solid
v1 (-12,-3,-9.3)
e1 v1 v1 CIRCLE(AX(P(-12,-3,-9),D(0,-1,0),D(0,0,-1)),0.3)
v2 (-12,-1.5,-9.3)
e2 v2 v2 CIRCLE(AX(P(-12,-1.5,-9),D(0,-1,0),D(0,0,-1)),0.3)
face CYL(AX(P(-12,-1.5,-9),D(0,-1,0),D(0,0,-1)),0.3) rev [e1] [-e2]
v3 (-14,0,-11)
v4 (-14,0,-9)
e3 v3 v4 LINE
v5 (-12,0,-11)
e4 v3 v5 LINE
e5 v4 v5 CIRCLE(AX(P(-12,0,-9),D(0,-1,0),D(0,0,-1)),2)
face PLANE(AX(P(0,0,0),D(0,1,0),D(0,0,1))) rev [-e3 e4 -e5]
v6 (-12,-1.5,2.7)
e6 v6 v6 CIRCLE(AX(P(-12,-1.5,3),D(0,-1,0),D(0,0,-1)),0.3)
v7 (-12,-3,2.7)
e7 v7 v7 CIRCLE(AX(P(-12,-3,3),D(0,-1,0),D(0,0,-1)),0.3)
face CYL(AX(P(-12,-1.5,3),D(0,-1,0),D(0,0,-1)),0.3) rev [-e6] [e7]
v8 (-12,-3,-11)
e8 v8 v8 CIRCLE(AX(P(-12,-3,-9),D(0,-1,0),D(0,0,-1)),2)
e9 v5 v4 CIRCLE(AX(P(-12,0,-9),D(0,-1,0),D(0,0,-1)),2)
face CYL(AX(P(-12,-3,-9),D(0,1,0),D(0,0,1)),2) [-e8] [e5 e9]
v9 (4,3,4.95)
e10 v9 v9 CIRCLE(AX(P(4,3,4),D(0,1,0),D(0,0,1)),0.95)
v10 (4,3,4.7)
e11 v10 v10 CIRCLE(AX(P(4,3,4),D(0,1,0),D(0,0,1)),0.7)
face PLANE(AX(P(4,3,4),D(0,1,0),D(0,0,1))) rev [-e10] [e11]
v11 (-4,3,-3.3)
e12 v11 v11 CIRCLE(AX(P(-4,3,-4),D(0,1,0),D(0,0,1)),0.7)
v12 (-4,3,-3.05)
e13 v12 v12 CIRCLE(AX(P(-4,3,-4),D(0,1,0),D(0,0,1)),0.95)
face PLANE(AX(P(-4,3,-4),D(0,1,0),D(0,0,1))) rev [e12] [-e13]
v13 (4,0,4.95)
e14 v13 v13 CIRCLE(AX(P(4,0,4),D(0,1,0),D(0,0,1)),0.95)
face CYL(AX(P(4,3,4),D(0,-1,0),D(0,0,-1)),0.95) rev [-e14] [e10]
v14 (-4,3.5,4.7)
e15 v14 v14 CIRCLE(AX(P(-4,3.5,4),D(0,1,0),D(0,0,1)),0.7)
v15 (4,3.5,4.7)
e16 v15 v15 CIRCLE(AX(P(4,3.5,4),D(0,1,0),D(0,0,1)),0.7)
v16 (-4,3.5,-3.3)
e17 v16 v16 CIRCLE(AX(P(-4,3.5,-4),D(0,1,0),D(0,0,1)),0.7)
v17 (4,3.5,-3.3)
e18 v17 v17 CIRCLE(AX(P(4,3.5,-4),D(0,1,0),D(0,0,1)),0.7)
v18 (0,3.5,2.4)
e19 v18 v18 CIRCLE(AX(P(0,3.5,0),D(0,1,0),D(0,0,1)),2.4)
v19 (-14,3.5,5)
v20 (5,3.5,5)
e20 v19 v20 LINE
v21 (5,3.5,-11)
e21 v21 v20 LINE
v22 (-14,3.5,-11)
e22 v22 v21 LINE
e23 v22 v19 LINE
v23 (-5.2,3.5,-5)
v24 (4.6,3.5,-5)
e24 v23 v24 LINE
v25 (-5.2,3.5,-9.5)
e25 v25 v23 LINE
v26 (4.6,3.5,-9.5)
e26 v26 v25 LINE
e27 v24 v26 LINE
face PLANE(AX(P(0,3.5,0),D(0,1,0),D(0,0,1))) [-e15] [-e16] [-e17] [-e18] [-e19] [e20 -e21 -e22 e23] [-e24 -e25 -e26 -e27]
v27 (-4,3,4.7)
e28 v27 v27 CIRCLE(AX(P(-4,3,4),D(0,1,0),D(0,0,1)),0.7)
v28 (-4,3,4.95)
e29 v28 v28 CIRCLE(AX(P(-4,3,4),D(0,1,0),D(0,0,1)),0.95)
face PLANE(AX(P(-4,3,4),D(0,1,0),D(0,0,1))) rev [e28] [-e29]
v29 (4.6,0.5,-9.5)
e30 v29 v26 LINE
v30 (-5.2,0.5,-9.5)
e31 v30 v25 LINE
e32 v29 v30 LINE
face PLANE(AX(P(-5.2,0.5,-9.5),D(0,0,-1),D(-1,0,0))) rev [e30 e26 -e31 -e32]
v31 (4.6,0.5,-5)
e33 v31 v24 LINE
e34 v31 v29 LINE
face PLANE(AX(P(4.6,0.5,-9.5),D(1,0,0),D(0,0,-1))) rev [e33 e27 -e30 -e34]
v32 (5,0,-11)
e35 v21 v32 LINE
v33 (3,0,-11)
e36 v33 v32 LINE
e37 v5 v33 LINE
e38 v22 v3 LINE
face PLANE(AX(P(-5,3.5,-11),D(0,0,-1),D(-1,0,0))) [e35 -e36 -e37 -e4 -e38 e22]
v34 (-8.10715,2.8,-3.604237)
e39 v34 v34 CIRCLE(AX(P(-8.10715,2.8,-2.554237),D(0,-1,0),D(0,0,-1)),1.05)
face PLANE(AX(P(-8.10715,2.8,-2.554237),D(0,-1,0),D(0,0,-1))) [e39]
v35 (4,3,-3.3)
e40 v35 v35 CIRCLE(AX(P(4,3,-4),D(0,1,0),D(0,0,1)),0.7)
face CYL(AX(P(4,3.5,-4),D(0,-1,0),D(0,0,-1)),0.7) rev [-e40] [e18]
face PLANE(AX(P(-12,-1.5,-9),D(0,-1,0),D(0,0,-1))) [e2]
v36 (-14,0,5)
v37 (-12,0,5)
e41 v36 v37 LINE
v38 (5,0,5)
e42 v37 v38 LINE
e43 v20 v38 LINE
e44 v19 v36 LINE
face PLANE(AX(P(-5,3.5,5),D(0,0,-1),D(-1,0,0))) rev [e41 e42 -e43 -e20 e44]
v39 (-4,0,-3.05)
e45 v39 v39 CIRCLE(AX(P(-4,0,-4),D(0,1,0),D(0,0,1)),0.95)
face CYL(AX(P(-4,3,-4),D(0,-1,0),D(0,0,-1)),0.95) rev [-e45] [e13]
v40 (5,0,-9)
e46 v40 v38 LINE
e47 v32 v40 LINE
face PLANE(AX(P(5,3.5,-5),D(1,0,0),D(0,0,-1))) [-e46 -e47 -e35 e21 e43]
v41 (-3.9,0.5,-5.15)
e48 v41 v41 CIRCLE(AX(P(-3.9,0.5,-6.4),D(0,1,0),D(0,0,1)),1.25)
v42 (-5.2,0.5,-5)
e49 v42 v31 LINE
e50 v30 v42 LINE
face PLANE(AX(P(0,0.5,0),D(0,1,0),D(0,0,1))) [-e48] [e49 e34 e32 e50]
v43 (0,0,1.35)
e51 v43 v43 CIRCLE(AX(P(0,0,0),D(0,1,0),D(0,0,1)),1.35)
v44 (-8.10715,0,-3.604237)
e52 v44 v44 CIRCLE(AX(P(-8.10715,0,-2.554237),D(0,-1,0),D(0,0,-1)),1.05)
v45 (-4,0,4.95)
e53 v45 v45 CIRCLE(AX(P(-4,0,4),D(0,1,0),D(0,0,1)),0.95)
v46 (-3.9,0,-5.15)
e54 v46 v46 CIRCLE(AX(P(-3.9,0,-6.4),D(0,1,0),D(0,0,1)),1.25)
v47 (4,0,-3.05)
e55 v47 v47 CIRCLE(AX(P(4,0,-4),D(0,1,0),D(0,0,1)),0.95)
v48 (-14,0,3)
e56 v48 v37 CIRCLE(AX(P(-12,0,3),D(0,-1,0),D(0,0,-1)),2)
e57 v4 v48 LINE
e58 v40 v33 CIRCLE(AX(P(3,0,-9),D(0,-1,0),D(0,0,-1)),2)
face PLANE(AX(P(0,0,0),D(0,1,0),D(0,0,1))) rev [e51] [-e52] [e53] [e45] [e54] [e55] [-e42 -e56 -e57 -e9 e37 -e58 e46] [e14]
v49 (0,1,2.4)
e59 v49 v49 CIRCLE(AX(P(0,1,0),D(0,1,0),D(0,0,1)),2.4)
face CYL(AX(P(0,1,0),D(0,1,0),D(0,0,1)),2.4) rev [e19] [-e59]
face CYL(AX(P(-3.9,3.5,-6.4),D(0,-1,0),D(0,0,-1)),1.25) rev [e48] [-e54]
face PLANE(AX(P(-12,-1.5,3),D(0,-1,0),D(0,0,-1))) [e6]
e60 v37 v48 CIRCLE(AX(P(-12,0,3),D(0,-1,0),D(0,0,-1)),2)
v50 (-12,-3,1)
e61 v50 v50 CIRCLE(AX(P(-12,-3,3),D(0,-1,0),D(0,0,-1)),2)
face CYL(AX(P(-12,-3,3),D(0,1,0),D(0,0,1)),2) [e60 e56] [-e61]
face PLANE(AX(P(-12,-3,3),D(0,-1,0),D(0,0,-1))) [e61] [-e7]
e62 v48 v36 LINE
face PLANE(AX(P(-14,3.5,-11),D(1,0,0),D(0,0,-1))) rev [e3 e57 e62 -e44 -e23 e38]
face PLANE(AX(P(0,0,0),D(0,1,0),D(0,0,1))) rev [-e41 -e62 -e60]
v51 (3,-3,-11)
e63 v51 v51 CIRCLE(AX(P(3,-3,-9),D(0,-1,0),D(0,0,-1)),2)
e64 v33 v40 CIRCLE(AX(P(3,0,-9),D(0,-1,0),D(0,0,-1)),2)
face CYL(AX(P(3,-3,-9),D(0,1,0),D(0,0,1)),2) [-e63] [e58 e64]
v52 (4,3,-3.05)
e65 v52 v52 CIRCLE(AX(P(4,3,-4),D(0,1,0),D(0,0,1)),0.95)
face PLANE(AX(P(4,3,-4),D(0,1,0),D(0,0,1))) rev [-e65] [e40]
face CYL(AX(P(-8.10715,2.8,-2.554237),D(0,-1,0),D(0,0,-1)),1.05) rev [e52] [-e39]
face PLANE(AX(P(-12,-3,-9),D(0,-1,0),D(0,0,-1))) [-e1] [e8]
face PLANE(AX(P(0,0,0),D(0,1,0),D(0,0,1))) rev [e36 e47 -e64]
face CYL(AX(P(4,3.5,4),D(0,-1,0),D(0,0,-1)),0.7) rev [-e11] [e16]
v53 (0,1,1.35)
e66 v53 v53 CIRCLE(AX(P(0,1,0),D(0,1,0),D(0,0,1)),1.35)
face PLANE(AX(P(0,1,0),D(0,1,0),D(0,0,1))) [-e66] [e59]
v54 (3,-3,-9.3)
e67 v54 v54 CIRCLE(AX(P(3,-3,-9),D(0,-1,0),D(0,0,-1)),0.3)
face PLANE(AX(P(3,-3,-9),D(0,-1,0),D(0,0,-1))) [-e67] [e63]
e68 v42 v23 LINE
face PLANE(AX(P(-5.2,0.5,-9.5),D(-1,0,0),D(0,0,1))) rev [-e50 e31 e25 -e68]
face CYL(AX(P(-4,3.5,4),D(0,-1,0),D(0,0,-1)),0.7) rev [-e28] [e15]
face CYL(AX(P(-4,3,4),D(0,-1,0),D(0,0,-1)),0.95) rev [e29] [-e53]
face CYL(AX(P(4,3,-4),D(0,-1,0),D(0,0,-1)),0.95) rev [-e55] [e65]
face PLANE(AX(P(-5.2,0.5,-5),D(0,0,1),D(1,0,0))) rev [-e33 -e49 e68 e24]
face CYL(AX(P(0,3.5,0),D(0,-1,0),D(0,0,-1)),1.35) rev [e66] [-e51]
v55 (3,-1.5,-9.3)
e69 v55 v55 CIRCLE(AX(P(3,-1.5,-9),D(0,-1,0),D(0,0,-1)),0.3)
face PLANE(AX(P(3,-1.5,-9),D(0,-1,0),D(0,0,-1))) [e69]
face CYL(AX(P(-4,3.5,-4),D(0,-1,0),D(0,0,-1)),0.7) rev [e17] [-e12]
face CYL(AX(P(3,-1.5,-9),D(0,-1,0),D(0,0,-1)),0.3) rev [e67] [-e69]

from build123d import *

# Parameters (mm, degrees)
SKETCH_1_W          = 19
SKETCH_1_H          = 16
EXTRUDE_1_DEPTH     = 3.5
SKETCH_1_3_R        = 1.35
CUT_EXTRUDE_1_DEPTH = 19.145247312
CUT_EXTRUDE_START   = 1
SKETCH_1_4_R        = 2.4
SKETCH_1_4_R_2      = 1.35
CUT_EXTRUDE_2_DEPTH = 2.5
SKETCH_1_7_R        = 0.7
CUT_EXTRUDE_3_DEPTH = 19.145247312
SKETCH_1_18_R       = 0.95
CUT_EXTRUDE_8_DEPTH = 3
SKETCH_1_17_R       = 1.25
CUT_EXTRUDE_4_DEPTH = 19.145247312
SKETCH_2_W          = 9.8
SKETCH_2_H          = 4.5
CUT_EXTRUDE_5_DEPTH = 3
SKETCH_4_R          = 1.05
CUT_EXTRUDE_6_DEPTH = 2.8
SKETCH_5_R          = 2
EXTRUDE_2_DEPTH     = 3
CUT_EXTRUDE_START_2 = 3
SKETCH_5_3_R        = 0.3
CUT_EXTRUDE_7_DEPTH = 1.5


with BuildPart() as part:
    # 草图1 → 凸台-拉伸1 (new body)
    with BuildSketch(Plane(origin=(0, 0, 0), x_dir=(1, 0, 0), z_dir=(0, 1, 0))):
        with Locations((-4.5, 3)):
            Rectangle(SKETCH_1_W, SKETCH_1_H)
    extrude(amount=EXTRUDE_1_DEPTH)

    # 草图1<3> → 切除-拉伸1 (cut, through all)
    with BuildSketch(Plane(origin=(0, 0, 0), x_dir=(1, 0, 0), z_dir=(0, 1, 0))):
        with Locations(Location((0, 0, 0), (0, 0, 270))):
            Circle(SKETCH_1_3_R)
    extrude(amount=CUT_EXTRUDE_1_DEPTH, mode=Mode.SUBTRACT)

    # 草图1<4> → 切除-拉伸2 (cut)
    with BuildSketch(Plane(origin=(0, 0, 0), x_dir=(1, 0, 0), z_dir=(0, 1, 0)).offset(CUT_EXTRUDE_START)):
        with Locations(Location((0, 0, 0), (0, 0, 270))):
            Circle(SKETCH_1_4_R)
        with Locations(Location((0, 0, 0), (0, 0, 270))):
            Circle(SKETCH_1_4_R_2, mode=Mode.SUBTRACT)
    extrude(amount=CUT_EXTRUDE_2_DEPTH, mode=Mode.SUBTRACT)

    # 草图1<7> → 切除-拉伸3 (cut, through all)
    with BuildSketch(Plane(origin=(0, 0, 0), x_dir=(1, 0, 0), z_dir=(0, 1, 0))):
        with Locations(Location((4, 4, 0), (0, 0, 270))):
            Circle(SKETCH_1_7_R)
        with Locations(Location((-4, -4, 0), (0, 0, 270))):
            Circle(SKETCH_1_7_R)
        with Locations(Location((-4, 4, 0), (0, 0, 270))):
            Circle(SKETCH_1_7_R)
        with Locations(Location((4, -4, 0), (0, 0, 270))):
            Circle(SKETCH_1_7_R)
    extrude(amount=CUT_EXTRUDE_3_DEPTH, mode=Mode.SUBTRACT)

    # 草图1<18> → 切除-拉伸8 (cut)
    with BuildSketch(Plane(origin=(0, 0, 0), x_dir=(1, 0, 0), z_dir=(0, 1, 0))):
        with Locations(Location((4, 4, 0), (0, 0, 270))):
            Circle(SKETCH_1_18_R)
        with Locations(Location((-4, -4, 0), (0, 0, 270))):
            Circle(SKETCH_1_18_R)
        with Locations(Location((-4, 4, 0), (0, 0, 270))):
            Circle(SKETCH_1_18_R)
        with Locations(Location((4, -4, 0), (0, 0, 270))):
            Circle(SKETCH_1_18_R)
    extrude(amount=CUT_EXTRUDE_8_DEPTH, mode=Mode.SUBTRACT)

    # 草图1<17> → 切除-拉伸4 (cut, through all)
    with BuildSketch(Plane(origin=(0, 0, 0), x_dir=(1, 0, 0), z_dir=(0, 1, 0))):
        with Locations(Location((-3.9, 6.4, 0), (0, 0, 270))):
            Circle(SKETCH_1_17_R)
    extrude(amount=CUT_EXTRUDE_4_DEPTH, mode=Mode.SUBTRACT)

    # 草图2 → 切除-拉伸5 (cut)
    with BuildSketch(Plane(origin=(0, 3.5, 0), x_dir=(1, 0, 0), z_dir=(0, 1, 0))):
        with Locations((-0.3, 7.25)):
            Rectangle(SKETCH_2_W, SKETCH_2_H)
    extrude(amount=-CUT_EXTRUDE_5_DEPTH, mode=Mode.SUBTRACT)

    # 草图4 → 切除-拉伸6 (cut)
    with BuildSketch(Plane.XZ):
        with Locations(Location((-8.107149516, -2.554237014, 0), (0, 0, 270))):
            Circle(SKETCH_4_R)
    extrude(amount=-CUT_EXTRUDE_6_DEPTH, mode=Mode.SUBTRACT)

    # 草图5 → 凸台-拉伸2 (add)
    with BuildSketch(Plane.XZ):
        with Locations(Location((-12, 3, 0), (0, 0, 90))):
            Circle(SKETCH_5_R)
        with Locations(Location((-12, -9, 0), (0, 0, 270))):
            Circle(SKETCH_5_R)
        with Locations(Location((3, -9, 0), (0, 0, 270))):
            Circle(SKETCH_5_R)
    extrude(amount=EXTRUDE_2_DEPTH)

    # 草图5<3> → 切除-拉伸7 (cut)
    with BuildSketch(Plane.XZ.offset(CUT_EXTRUDE_START_2)):
        with Locations(Location((3, -9, 0), (0, 0, 270))):
            Circle(SKETCH_5_3_R)
        with Locations(Location((-12, -9, 0), (0, 0, 270))):
            Circle(SKETCH_5_3_R)
        with Locations(Location((-12, 3, 0), (0, 0, 270))):
            Circle(SKETCH_5_3_R)
    extrude(amount=-CUT_EXTRUDE_7_DEPTH, mode=Mode.SUBTRACT)


solid = part.part
